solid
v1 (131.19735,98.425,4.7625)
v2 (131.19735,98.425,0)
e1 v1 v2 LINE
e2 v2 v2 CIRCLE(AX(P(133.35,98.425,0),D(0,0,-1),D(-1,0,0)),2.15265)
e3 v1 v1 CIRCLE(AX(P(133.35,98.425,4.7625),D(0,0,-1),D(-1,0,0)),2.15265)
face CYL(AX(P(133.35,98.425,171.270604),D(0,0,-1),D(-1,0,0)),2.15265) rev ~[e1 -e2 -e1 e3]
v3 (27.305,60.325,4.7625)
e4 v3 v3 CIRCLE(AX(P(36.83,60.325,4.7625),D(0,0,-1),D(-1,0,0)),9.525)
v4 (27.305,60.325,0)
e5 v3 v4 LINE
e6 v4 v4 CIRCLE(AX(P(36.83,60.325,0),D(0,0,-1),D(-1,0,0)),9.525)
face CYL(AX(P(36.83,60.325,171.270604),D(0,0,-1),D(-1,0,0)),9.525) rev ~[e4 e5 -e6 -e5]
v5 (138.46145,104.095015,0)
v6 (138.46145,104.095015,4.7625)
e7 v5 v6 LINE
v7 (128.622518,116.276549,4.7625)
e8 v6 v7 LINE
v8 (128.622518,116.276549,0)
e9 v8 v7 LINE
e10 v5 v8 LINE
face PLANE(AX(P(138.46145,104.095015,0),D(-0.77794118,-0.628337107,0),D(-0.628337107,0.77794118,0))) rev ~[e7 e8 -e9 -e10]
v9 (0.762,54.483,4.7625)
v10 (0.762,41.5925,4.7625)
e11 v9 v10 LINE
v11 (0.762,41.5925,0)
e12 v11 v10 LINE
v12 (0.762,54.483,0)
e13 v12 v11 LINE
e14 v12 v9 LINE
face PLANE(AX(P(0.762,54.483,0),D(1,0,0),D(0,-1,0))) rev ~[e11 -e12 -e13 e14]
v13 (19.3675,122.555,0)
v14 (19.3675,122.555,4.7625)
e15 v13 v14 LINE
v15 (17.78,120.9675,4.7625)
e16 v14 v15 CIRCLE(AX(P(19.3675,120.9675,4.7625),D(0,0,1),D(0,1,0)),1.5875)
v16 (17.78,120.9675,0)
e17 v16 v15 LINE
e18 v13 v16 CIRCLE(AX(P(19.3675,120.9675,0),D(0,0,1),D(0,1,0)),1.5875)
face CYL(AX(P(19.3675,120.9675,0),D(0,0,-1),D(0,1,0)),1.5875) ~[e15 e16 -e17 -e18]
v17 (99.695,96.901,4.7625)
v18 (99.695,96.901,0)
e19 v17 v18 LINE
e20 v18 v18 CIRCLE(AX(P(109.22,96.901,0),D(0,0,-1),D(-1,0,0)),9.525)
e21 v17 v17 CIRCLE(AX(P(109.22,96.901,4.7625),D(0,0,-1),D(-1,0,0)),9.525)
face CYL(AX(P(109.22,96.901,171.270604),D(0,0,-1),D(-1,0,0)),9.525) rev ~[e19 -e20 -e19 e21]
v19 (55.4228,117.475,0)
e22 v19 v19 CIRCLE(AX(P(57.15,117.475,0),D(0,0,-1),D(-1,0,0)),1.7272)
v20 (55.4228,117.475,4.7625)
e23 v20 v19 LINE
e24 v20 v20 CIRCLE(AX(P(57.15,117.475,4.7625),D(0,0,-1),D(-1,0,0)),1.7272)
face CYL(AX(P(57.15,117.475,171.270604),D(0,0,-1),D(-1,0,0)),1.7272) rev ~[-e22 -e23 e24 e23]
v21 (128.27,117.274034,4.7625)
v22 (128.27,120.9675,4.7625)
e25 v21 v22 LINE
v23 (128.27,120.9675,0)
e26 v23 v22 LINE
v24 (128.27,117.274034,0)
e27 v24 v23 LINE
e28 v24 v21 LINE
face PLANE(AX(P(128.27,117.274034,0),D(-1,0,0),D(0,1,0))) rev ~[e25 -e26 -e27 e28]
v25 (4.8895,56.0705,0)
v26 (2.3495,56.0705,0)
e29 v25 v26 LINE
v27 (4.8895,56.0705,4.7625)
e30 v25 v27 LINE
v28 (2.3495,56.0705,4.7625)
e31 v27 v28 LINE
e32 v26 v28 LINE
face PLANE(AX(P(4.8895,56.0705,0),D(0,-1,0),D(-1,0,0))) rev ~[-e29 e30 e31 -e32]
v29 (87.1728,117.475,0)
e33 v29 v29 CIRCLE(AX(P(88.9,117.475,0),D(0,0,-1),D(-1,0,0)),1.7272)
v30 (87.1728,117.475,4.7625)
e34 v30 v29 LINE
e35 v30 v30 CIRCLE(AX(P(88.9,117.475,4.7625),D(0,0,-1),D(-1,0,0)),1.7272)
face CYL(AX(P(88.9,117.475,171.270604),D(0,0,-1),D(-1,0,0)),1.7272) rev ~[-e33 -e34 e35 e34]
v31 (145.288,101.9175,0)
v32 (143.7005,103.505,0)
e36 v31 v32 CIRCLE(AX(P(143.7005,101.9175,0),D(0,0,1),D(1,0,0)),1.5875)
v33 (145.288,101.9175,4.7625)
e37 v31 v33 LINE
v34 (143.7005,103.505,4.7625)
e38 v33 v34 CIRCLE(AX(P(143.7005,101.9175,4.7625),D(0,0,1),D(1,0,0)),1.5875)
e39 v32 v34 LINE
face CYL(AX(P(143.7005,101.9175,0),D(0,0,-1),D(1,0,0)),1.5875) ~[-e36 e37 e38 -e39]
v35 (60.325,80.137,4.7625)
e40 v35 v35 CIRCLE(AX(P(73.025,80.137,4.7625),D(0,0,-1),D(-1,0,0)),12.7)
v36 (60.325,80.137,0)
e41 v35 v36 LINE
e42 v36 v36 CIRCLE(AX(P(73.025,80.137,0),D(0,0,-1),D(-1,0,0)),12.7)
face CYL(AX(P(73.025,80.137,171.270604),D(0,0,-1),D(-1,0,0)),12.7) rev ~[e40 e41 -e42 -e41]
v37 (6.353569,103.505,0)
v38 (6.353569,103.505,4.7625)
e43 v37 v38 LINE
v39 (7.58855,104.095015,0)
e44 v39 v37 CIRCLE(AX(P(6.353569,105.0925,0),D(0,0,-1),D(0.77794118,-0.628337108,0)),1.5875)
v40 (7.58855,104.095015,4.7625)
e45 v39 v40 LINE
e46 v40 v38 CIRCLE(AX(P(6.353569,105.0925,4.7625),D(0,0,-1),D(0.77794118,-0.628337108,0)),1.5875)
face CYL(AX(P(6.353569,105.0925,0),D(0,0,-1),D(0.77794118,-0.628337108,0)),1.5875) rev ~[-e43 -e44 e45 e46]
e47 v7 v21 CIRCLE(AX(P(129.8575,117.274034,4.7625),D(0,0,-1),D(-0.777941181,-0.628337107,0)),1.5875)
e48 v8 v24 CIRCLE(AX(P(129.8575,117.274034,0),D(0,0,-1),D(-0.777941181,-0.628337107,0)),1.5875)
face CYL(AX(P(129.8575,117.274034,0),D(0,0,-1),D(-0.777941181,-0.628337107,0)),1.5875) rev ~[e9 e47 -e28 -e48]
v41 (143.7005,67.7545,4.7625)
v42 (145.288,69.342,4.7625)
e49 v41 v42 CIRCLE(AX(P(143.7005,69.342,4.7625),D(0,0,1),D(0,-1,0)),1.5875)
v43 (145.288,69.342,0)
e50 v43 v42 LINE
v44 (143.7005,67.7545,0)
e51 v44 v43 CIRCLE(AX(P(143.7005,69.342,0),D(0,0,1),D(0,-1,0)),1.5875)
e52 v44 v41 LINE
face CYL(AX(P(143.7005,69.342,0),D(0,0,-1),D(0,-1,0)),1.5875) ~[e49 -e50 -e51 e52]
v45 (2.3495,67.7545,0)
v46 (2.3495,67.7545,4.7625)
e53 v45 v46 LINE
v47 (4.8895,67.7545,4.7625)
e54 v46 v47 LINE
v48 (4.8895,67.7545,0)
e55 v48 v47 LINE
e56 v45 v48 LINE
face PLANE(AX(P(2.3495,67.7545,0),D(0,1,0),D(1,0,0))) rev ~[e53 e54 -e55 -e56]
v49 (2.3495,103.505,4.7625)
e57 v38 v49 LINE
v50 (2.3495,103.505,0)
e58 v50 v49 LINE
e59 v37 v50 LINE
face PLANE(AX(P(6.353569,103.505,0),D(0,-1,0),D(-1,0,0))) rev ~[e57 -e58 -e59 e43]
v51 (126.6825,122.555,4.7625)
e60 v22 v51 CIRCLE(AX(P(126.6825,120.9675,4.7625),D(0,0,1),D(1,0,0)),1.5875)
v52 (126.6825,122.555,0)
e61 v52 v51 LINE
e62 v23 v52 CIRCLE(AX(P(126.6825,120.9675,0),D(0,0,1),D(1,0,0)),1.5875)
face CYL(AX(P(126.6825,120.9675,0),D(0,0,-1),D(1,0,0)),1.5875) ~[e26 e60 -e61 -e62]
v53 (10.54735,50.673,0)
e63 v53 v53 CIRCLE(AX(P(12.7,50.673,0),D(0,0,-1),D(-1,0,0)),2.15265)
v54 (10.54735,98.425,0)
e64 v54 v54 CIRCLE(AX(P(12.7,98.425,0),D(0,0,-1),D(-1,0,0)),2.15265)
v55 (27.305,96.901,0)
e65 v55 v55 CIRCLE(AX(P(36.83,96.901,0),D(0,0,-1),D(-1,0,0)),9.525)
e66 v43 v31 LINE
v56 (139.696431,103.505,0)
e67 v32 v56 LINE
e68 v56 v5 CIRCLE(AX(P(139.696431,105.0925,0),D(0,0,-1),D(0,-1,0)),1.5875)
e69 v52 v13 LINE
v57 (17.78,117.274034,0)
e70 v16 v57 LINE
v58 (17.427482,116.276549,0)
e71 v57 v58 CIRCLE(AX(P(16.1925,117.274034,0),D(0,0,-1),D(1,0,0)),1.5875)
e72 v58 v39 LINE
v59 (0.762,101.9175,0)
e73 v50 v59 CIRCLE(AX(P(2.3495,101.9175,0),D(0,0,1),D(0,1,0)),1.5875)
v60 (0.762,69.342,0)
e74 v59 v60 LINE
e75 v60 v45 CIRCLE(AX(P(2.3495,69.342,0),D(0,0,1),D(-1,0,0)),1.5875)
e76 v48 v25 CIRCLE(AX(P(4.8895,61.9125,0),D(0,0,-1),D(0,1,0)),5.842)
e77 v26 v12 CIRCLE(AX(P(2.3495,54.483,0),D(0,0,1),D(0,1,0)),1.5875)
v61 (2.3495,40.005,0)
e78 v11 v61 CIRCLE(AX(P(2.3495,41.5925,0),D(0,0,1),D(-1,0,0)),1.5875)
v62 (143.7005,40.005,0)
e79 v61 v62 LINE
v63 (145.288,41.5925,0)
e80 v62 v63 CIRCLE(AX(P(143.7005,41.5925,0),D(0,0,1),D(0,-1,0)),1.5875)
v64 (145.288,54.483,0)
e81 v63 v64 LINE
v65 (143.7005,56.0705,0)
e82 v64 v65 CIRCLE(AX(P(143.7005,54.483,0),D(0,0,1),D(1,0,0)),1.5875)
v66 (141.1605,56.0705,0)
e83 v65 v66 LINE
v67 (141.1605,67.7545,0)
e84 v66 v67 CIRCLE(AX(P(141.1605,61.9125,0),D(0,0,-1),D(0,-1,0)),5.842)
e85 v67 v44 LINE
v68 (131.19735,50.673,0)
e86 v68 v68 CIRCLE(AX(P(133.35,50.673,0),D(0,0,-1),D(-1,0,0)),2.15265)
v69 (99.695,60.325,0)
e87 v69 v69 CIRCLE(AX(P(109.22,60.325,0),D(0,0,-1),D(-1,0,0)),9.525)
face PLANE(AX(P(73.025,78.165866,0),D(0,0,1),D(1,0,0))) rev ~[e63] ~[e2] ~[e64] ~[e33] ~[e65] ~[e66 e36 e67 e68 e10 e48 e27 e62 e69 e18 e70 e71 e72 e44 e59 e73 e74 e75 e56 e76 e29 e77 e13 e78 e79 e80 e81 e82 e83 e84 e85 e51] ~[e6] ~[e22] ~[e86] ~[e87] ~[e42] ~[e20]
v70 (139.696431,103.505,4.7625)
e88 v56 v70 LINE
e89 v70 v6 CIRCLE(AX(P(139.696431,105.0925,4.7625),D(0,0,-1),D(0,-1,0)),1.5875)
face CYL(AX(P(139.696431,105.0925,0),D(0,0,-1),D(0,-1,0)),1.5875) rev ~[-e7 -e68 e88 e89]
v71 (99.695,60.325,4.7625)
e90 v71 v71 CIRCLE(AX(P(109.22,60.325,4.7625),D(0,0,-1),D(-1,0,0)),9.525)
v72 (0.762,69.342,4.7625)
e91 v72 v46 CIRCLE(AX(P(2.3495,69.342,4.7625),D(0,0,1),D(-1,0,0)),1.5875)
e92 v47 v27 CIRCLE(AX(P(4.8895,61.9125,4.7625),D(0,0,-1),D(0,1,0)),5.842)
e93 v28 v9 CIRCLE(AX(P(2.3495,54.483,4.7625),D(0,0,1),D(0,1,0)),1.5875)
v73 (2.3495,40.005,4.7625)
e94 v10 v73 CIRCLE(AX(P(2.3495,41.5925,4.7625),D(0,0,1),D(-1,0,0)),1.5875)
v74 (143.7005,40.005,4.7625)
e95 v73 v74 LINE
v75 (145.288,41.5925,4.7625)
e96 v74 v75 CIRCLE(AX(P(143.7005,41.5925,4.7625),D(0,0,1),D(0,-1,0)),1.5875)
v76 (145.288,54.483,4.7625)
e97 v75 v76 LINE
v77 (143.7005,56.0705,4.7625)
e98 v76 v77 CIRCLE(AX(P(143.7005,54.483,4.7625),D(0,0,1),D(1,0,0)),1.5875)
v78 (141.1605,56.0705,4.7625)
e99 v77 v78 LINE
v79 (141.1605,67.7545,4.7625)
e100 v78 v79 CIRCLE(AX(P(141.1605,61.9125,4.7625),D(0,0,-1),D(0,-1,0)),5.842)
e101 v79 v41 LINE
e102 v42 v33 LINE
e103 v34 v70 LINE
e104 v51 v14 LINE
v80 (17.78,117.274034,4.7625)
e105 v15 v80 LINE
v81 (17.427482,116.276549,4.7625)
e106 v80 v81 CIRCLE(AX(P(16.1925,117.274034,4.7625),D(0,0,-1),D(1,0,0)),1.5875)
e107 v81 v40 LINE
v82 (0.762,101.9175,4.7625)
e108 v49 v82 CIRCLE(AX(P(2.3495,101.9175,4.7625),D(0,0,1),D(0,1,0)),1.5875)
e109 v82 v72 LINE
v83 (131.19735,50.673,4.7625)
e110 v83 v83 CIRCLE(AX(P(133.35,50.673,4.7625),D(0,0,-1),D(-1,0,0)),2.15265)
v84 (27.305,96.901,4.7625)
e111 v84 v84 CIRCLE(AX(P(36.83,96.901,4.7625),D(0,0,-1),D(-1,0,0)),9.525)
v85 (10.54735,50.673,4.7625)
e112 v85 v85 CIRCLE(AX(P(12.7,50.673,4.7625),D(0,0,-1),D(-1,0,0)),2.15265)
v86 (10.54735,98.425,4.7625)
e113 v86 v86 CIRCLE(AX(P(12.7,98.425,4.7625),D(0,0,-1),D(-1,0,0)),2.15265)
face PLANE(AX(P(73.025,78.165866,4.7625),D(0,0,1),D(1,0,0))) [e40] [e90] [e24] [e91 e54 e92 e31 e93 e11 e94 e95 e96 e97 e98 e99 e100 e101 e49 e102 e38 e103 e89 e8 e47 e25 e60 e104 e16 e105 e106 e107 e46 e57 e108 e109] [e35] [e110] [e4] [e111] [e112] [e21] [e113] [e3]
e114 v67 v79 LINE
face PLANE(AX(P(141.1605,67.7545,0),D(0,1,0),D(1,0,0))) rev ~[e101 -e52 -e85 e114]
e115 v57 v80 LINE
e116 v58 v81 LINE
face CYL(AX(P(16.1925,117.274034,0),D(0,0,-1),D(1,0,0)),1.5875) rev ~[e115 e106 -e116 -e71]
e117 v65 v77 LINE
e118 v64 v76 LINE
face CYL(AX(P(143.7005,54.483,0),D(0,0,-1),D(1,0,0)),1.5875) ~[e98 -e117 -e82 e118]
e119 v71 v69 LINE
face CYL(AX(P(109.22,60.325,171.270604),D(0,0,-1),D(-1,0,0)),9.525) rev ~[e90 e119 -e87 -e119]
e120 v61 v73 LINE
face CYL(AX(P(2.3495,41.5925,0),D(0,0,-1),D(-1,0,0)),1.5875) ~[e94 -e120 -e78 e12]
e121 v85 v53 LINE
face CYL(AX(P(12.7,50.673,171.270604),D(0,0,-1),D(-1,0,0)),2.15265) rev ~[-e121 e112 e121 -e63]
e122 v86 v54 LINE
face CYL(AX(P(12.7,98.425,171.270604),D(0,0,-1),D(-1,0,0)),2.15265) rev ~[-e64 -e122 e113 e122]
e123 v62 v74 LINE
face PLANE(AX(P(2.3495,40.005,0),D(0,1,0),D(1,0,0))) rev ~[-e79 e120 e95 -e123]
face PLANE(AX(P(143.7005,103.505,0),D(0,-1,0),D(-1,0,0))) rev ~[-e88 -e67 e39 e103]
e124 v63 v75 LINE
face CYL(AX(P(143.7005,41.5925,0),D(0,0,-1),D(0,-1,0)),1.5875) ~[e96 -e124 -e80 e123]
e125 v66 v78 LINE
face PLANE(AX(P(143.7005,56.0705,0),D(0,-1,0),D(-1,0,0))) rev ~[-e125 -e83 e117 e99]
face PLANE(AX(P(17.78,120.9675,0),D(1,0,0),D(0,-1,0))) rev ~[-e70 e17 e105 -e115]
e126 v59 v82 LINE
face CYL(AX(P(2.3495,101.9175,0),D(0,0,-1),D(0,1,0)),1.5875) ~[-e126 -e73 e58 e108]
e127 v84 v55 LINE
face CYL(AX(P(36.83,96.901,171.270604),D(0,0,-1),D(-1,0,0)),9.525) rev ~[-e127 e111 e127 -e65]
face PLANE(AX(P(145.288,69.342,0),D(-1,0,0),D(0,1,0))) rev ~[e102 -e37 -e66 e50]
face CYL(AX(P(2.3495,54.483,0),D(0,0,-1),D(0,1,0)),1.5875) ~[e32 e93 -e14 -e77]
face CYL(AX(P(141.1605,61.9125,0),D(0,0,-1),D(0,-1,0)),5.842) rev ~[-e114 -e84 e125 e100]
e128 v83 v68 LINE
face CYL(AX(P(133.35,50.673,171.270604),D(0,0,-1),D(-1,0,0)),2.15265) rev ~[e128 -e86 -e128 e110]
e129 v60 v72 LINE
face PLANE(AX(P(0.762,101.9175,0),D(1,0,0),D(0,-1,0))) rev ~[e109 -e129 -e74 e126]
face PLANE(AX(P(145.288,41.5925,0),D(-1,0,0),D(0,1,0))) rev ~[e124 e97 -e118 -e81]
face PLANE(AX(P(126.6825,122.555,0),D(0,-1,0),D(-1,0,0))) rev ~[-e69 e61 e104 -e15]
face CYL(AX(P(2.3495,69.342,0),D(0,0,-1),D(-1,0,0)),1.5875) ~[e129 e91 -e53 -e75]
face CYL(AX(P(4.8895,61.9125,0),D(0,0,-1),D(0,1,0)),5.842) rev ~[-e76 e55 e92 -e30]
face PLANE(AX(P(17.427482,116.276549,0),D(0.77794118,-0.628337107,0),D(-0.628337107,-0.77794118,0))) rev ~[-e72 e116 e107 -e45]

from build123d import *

# Parameters (mm, degrees)
BOSS_EXTRUDE1_DEPTH         = 4.7625
F_6_CLEARANCE_HOLE1_D       = 4.3053
F_3_4_0_75_DIAMETER_HOLE1_D = 19.05
F_1_1_DIAMETER_HOLE1_D      = 25.4
F_4_CLEARANCE_HOLE1_D       = 3.4544


with BuildPart() as part:
    # Sketch1 → Boss-Extrude1 (new body)
    with BuildSketch(Plane.XY):
        with BuildLine():
            Line((0.762, 54.483), (0.762, 41.5925))
            ThreePointArc((0.762, 41.5925), (1.226967985, 40.469967985), (2.3495, 40.005))
            Line((2.3495, 40.005), (143.7005, 40.005))
            ThreePointArc((143.7005, 40.005), (144.823032015, 40.469967985), (145.288, 41.5925))
            Line((145.288, 41.5925), (145.288, 54.483))
            ThreePointArc((145.288, 54.483), (144.823032015, 55.605532015), (143.7005, 56.0705))
            Line((143.7005, 56.0705), (141.1605, 56.0705))
            ThreePointArc((141.1605, 56.0705), (135.3185, 61.9125), (141.1605, 67.7545))
            Line((141.1605, 67.7545), (143.7005, 67.7545))
            ThreePointArc((143.7005, 67.7545), (144.823032015, 68.219467985), (145.288, 69.342))
            Line((145.288, 69.342), (145.288, 101.9175))
            ThreePointArc((145.288, 101.9175), (144.823032015, 103.040032015), (143.7005, 103.505))
            Line((143.7005, 103.505), (139.696431174, 103.505))
            ThreePointArc((139.696431174, 103.505), (139.012088949, 103.660078285), (138.46144955, 104.095014842))
            Line((138.46144955, 104.095014842), (128.622518376, 116.276548677))
            ThreePointArc((128.622518376, 116.276548677), (128.360721864, 116.745061754), (128.27, 117.274033834))
            Line((128.27, 117.274033834), (128.27, 120.9675))
            ThreePointArc((128.27, 120.9675), (127.805032015, 122.090032015), (126.6825, 122.555))
            Line((126.6825, 122.555), (19.3675, 122.555))
            ThreePointArc((19.3675, 122.555), (18.244967985, 122.090032015), (17.78, 120.9675))
            Line((17.78, 120.9675), (17.78, 117.274033834))
            ThreePointArc((17.78, 117.274033834), (17.689278136, 116.745061754), (17.427481624, 116.276548677))
            Line((17.427481624, 116.276548677), (7.58855045, 104.095014842))
            ThreePointArc((7.58855045, 104.095014842), (7.037911051, 103.660078285), (6.353568826, 103.505))
            Line((6.353568826, 103.505), (2.3495, 103.505))
            ThreePointArc((2.3495, 103.505), (1.226967985, 103.040032015), (0.762, 101.9175))
            Line((0.762, 101.9175), (0.762, 69.342))
            ThreePointArc((0.762, 69.342), (1.226967985, 68.219467985), (2.3495, 67.7545))
            Line((2.3495, 67.7545), (4.8895, 67.7545))
            ThreePointArc((4.8895, 67.7545), (10.7315, 61.9125), (4.8895, 56.0705))
            Line((4.8895, 56.0705), (2.3495, 56.0705))
            ThreePointArc((2.3495, 56.0705), (1.226967985, 55.605532015), (0.762, 54.483))
        make_face()
    extrude(amount=BOSS_EXTRUDE1_DEPTH)

    # #6 Clearance Hole1 (through all)
    with Locations(Plane.XY.offset(4.7625)):
        with Locations((12.7, 98.425), (133.35, 98.425), (133.35, 50.673), (12.7, 50.673)):
            Hole(F_6_CLEARANCE_HOLE1_D / 2)

    # 3/4 (0.75) Diameter Hole1 (through all)
    with Locations(Plane.XY.offset(4.7625)):
        with Locations((36.83, 96.901), (109.22, 96.901), (109.22, 60.325), (36.83, 60.325)):
            Hole(F_3_4_0_75_DIAMETER_HOLE1_D / 2)

    # 1 (1) Diameter Hole1 (through all)
    with Locations(Plane.XY.offset(4.7625)):
        with Locations((73.025, 80.137)):
            Hole(F_1_1_DIAMETER_HOLE1_D / 2)

    # #4 Clearance Hole1 (through all)
    with Locations(Plane.XY.offset(4.7625)):
        with Locations((57.15, 117.475), (88.9, 117.475)):
            Hole(F_4_CLEARANCE_HOLE1_D / 2)


solid = part.part
